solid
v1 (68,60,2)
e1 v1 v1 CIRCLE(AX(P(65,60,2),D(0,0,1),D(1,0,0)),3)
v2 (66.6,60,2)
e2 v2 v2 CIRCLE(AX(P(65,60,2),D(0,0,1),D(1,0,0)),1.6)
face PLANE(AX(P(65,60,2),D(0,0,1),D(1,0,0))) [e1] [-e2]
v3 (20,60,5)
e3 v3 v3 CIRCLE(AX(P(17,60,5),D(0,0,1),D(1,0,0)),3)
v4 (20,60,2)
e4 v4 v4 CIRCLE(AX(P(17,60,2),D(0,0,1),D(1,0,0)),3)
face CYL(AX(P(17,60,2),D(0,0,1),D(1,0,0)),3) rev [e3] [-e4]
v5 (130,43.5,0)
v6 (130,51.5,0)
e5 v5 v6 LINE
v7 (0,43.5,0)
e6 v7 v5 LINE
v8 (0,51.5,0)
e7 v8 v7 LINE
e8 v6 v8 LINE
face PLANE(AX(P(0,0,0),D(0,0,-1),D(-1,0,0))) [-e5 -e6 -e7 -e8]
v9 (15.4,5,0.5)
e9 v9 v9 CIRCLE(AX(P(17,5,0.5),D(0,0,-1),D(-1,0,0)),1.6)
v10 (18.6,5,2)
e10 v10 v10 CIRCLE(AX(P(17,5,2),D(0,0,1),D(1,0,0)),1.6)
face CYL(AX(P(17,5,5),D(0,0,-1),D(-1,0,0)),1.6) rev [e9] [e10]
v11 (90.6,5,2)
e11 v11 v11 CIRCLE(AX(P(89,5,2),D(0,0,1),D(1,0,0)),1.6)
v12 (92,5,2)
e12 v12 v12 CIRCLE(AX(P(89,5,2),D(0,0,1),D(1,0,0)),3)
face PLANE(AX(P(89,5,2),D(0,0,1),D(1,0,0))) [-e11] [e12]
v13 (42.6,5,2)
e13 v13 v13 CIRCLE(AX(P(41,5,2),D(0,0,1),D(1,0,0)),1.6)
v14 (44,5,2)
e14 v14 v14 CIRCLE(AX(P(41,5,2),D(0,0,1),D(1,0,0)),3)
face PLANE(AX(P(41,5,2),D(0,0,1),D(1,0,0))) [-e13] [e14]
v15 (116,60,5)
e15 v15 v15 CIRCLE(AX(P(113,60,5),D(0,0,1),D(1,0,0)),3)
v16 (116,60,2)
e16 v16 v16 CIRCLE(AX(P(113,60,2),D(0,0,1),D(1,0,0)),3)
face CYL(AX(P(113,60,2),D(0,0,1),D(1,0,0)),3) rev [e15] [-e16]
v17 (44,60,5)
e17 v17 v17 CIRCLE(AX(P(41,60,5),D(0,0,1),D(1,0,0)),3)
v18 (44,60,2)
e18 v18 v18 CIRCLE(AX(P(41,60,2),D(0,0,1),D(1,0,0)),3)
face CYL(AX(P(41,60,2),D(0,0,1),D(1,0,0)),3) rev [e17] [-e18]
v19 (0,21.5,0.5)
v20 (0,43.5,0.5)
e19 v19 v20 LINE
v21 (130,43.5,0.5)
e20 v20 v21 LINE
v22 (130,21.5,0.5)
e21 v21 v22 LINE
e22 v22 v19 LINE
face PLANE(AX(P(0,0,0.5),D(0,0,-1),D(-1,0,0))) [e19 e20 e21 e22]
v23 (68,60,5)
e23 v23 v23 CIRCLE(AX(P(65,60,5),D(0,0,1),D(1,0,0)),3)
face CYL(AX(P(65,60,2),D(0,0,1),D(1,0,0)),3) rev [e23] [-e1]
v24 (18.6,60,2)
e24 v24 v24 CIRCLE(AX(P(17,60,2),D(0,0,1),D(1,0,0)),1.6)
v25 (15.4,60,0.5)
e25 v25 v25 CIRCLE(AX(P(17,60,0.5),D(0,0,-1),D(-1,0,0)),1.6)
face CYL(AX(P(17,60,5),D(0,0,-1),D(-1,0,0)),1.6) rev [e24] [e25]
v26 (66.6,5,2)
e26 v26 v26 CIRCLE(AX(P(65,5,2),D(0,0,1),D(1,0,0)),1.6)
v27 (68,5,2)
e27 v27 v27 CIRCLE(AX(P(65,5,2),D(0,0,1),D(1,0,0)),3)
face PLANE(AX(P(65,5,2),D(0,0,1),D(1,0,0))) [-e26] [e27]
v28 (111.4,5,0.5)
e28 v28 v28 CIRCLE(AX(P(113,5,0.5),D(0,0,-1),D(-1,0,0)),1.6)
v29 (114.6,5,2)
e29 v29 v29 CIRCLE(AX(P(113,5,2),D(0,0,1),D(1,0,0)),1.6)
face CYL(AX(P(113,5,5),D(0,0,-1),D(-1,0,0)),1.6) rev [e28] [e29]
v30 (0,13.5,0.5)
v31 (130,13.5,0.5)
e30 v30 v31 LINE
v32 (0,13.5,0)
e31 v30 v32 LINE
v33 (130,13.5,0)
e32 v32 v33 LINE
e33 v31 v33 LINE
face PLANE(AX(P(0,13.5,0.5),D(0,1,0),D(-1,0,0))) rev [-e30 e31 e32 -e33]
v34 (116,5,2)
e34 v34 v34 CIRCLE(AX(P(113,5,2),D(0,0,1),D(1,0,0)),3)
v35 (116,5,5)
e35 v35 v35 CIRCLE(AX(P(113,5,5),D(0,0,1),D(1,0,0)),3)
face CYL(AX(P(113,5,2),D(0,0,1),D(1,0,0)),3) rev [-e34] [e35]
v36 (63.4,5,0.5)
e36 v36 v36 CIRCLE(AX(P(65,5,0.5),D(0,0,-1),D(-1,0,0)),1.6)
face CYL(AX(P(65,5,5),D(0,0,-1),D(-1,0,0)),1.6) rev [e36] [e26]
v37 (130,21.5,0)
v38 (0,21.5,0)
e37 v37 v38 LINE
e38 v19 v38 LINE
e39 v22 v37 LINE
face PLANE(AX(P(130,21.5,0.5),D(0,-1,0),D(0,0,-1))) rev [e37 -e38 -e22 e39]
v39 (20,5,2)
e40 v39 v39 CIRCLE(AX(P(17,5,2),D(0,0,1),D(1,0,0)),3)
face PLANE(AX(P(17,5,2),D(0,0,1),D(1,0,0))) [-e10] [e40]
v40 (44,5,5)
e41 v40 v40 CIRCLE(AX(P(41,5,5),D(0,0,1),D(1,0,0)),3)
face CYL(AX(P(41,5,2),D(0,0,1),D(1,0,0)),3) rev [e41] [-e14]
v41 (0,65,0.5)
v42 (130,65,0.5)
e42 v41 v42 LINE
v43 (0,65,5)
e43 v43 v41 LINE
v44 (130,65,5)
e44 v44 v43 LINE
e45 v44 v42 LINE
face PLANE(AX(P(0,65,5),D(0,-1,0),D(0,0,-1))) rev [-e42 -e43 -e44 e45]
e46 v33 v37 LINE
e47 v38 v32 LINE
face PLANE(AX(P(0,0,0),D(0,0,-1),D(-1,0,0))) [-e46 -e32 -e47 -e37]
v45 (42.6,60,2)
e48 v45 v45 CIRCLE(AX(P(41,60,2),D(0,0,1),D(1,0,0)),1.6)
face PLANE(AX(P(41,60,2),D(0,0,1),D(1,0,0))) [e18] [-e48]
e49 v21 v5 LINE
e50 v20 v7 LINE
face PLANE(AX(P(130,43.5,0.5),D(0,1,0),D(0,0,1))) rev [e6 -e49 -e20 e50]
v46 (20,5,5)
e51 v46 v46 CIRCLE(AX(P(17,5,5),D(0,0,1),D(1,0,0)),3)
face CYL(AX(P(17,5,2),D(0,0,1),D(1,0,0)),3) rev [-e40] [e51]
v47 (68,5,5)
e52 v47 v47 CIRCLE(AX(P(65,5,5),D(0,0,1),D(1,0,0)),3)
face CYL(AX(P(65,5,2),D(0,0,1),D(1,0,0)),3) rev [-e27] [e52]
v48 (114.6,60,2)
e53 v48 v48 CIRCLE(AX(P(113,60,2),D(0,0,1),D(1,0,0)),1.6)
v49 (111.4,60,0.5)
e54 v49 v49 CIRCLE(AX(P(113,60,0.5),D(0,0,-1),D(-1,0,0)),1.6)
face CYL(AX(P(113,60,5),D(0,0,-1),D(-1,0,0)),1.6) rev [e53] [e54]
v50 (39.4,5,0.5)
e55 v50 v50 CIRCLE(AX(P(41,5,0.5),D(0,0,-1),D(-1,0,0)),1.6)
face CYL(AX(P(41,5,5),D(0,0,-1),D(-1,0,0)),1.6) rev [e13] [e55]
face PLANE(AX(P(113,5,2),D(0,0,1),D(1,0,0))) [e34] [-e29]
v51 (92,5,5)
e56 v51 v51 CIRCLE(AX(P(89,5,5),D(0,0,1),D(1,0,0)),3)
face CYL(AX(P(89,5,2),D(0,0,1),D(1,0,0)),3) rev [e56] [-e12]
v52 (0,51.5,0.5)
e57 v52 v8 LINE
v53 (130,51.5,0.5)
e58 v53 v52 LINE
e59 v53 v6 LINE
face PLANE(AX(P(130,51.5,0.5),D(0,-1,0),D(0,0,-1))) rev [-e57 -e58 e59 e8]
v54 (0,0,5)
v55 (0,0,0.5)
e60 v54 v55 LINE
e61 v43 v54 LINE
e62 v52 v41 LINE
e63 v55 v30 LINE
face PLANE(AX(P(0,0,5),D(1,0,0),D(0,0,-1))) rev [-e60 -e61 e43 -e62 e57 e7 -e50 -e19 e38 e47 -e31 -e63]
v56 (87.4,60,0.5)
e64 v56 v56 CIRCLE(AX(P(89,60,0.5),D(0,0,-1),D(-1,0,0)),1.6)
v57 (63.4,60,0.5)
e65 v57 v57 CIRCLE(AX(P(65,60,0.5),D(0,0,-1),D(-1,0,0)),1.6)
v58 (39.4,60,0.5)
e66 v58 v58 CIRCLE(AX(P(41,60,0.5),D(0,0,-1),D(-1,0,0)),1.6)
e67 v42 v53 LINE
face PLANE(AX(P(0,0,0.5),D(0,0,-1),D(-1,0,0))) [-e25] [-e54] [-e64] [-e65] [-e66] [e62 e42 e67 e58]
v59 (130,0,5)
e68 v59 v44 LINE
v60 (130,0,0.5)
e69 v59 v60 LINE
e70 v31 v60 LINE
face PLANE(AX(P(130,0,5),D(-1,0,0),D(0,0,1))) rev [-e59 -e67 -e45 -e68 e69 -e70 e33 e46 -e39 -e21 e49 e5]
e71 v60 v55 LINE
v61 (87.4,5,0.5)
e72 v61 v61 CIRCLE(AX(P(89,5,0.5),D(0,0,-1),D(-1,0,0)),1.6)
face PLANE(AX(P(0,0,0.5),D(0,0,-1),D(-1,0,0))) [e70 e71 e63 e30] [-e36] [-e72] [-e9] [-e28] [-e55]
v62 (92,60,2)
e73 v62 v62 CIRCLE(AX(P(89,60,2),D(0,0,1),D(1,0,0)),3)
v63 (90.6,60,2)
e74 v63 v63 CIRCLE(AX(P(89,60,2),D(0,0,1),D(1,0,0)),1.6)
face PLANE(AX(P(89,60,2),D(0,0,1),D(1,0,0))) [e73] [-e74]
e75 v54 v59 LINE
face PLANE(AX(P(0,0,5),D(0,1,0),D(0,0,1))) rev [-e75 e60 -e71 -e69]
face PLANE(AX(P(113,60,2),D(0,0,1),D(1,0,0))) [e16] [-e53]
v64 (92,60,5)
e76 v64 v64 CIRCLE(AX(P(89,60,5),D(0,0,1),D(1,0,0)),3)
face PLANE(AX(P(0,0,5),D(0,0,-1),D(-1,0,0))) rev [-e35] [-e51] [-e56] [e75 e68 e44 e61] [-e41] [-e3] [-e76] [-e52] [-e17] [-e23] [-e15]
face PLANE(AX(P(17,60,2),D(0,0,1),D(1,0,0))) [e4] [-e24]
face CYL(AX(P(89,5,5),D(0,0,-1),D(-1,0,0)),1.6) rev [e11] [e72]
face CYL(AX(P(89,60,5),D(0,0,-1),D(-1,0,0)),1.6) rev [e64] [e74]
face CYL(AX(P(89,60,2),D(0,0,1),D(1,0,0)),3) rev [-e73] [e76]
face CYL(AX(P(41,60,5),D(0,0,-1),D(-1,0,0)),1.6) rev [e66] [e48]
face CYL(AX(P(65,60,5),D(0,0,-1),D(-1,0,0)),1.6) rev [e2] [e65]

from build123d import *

# Parameters (mm, degrees)
ESQUISSE1_W             = 130
ESQUISSE1_H             = 65
ESQUISSE1_R             = 1.6
BOSS_EXTRU_1_DEPTH      = 5
ESQUISSE2_W             = 130
ESQUISSE2_H             = 13.5
ESQUISSE2_H_2           = 22
ENL_V_MAT_EXTRU_1_DEPTH = 0.5
ESQUISSE3_R             = 3
ENL_V_MAT_EXTRU_2_DEPTH = 3


with BuildPart() as part:
    # Esquisse1 → Boss.-Extru.1 (new body)
    with BuildSketch(Plane.XY):
        with Locations((65, 32.5)):
            Rectangle(ESQUISSE1_W, ESQUISSE1_H)
        with Locations((113, 5)):
            Circle(ESQUISSE1_R, mode=Mode.SUBTRACT)
        with Locations((89, 5)):
            Circle(ESQUISSE1_R, mode=Mode.SUBTRACT)
        with Locations((65, 5)):
            Circle(ESQUISSE1_R, mode=Mode.SUBTRACT)
        with Locations((41, 5)):
            Circle(ESQUISSE1_R, mode=Mode.SUBTRACT)
        with Locations((17, 5)):
            Circle(ESQUISSE1_R, mode=Mode.SUBTRACT)
        with Locations((113, 60)):
            Circle(ESQUISSE1_R, mode=Mode.SUBTRACT)
        with Locations((89, 60)):
            Circle(ESQUISSE1_R, mode=Mode.SUBTRACT)
        with Locations((65, 60)):
            Circle(ESQUISSE1_R, mode=Mode.SUBTRACT)
        with Locations((41, 60)):
            Circle(ESQUISSE1_R, mode=Mode.SUBTRACT)
        with Locations((17, 60)):
            Circle(ESQUISSE1_R, mode=Mode.SUBTRACT)
    extrude(amount=BOSS_EXTRU_1_DEPTH)

    # Esquisse2 → Enlèv. mat.-Extru.1 (cut)
    with BuildSketch(Plane(origin=(0, 0, 0), x_dir=(-1, 0, 0), z_dir=(0, 0, -1))):
        with Locations((-65, 58.25)):
            Rectangle(ESQUISSE2_W, ESQUISSE2_H)
        with Locations((-65, 6.75)):
            Rectangle(ESQUISSE2_W, ESQUISSE2_H)
        with Locations((-65, 32.5)):
            Rectangle(ESQUISSE2_W, ESQUISSE2_H_2)
    extrude(amount=-ENL_V_MAT_EXTRU_1_DEPTH, mode=Mode.SUBTRACT)

    # Esquisse3 → Enlèv. mat.-Extru.2 (cut)
    with BuildSketch(Plane.XY.offset(5)):
        with Locations((17, 60)):
            Circle(ESQUISSE3_R)
        with Locations((41, 60)):
            Circle(ESQUISSE3_R)
        with Locations((65, 60)):
            Circle(ESQUISSE3_R)
        with Locations((89, 60)):
            Circle(ESQUISSE3_R)
        with Locations((113, 60)):
            Circle(ESQUISSE3_R)
        with Locations((113, 5)):
            Circle(ESQUISSE3_R)
        with Locations((89, 5)):
            Circle(ESQUISSE3_R)
        with Locations((65, 5)):
            Circle(ESQUISSE3_R)
        with Locations((41, 5)):
            Circle(ESQUISSE3_R)
        with Locations((17, 5)):
            Circle(ESQUISSE3_R)
    extrude(amount=-ENL_V_MAT_EXTRU_2_DEPTH, mode=Mode.SUBTRACT)


solid = part.part
